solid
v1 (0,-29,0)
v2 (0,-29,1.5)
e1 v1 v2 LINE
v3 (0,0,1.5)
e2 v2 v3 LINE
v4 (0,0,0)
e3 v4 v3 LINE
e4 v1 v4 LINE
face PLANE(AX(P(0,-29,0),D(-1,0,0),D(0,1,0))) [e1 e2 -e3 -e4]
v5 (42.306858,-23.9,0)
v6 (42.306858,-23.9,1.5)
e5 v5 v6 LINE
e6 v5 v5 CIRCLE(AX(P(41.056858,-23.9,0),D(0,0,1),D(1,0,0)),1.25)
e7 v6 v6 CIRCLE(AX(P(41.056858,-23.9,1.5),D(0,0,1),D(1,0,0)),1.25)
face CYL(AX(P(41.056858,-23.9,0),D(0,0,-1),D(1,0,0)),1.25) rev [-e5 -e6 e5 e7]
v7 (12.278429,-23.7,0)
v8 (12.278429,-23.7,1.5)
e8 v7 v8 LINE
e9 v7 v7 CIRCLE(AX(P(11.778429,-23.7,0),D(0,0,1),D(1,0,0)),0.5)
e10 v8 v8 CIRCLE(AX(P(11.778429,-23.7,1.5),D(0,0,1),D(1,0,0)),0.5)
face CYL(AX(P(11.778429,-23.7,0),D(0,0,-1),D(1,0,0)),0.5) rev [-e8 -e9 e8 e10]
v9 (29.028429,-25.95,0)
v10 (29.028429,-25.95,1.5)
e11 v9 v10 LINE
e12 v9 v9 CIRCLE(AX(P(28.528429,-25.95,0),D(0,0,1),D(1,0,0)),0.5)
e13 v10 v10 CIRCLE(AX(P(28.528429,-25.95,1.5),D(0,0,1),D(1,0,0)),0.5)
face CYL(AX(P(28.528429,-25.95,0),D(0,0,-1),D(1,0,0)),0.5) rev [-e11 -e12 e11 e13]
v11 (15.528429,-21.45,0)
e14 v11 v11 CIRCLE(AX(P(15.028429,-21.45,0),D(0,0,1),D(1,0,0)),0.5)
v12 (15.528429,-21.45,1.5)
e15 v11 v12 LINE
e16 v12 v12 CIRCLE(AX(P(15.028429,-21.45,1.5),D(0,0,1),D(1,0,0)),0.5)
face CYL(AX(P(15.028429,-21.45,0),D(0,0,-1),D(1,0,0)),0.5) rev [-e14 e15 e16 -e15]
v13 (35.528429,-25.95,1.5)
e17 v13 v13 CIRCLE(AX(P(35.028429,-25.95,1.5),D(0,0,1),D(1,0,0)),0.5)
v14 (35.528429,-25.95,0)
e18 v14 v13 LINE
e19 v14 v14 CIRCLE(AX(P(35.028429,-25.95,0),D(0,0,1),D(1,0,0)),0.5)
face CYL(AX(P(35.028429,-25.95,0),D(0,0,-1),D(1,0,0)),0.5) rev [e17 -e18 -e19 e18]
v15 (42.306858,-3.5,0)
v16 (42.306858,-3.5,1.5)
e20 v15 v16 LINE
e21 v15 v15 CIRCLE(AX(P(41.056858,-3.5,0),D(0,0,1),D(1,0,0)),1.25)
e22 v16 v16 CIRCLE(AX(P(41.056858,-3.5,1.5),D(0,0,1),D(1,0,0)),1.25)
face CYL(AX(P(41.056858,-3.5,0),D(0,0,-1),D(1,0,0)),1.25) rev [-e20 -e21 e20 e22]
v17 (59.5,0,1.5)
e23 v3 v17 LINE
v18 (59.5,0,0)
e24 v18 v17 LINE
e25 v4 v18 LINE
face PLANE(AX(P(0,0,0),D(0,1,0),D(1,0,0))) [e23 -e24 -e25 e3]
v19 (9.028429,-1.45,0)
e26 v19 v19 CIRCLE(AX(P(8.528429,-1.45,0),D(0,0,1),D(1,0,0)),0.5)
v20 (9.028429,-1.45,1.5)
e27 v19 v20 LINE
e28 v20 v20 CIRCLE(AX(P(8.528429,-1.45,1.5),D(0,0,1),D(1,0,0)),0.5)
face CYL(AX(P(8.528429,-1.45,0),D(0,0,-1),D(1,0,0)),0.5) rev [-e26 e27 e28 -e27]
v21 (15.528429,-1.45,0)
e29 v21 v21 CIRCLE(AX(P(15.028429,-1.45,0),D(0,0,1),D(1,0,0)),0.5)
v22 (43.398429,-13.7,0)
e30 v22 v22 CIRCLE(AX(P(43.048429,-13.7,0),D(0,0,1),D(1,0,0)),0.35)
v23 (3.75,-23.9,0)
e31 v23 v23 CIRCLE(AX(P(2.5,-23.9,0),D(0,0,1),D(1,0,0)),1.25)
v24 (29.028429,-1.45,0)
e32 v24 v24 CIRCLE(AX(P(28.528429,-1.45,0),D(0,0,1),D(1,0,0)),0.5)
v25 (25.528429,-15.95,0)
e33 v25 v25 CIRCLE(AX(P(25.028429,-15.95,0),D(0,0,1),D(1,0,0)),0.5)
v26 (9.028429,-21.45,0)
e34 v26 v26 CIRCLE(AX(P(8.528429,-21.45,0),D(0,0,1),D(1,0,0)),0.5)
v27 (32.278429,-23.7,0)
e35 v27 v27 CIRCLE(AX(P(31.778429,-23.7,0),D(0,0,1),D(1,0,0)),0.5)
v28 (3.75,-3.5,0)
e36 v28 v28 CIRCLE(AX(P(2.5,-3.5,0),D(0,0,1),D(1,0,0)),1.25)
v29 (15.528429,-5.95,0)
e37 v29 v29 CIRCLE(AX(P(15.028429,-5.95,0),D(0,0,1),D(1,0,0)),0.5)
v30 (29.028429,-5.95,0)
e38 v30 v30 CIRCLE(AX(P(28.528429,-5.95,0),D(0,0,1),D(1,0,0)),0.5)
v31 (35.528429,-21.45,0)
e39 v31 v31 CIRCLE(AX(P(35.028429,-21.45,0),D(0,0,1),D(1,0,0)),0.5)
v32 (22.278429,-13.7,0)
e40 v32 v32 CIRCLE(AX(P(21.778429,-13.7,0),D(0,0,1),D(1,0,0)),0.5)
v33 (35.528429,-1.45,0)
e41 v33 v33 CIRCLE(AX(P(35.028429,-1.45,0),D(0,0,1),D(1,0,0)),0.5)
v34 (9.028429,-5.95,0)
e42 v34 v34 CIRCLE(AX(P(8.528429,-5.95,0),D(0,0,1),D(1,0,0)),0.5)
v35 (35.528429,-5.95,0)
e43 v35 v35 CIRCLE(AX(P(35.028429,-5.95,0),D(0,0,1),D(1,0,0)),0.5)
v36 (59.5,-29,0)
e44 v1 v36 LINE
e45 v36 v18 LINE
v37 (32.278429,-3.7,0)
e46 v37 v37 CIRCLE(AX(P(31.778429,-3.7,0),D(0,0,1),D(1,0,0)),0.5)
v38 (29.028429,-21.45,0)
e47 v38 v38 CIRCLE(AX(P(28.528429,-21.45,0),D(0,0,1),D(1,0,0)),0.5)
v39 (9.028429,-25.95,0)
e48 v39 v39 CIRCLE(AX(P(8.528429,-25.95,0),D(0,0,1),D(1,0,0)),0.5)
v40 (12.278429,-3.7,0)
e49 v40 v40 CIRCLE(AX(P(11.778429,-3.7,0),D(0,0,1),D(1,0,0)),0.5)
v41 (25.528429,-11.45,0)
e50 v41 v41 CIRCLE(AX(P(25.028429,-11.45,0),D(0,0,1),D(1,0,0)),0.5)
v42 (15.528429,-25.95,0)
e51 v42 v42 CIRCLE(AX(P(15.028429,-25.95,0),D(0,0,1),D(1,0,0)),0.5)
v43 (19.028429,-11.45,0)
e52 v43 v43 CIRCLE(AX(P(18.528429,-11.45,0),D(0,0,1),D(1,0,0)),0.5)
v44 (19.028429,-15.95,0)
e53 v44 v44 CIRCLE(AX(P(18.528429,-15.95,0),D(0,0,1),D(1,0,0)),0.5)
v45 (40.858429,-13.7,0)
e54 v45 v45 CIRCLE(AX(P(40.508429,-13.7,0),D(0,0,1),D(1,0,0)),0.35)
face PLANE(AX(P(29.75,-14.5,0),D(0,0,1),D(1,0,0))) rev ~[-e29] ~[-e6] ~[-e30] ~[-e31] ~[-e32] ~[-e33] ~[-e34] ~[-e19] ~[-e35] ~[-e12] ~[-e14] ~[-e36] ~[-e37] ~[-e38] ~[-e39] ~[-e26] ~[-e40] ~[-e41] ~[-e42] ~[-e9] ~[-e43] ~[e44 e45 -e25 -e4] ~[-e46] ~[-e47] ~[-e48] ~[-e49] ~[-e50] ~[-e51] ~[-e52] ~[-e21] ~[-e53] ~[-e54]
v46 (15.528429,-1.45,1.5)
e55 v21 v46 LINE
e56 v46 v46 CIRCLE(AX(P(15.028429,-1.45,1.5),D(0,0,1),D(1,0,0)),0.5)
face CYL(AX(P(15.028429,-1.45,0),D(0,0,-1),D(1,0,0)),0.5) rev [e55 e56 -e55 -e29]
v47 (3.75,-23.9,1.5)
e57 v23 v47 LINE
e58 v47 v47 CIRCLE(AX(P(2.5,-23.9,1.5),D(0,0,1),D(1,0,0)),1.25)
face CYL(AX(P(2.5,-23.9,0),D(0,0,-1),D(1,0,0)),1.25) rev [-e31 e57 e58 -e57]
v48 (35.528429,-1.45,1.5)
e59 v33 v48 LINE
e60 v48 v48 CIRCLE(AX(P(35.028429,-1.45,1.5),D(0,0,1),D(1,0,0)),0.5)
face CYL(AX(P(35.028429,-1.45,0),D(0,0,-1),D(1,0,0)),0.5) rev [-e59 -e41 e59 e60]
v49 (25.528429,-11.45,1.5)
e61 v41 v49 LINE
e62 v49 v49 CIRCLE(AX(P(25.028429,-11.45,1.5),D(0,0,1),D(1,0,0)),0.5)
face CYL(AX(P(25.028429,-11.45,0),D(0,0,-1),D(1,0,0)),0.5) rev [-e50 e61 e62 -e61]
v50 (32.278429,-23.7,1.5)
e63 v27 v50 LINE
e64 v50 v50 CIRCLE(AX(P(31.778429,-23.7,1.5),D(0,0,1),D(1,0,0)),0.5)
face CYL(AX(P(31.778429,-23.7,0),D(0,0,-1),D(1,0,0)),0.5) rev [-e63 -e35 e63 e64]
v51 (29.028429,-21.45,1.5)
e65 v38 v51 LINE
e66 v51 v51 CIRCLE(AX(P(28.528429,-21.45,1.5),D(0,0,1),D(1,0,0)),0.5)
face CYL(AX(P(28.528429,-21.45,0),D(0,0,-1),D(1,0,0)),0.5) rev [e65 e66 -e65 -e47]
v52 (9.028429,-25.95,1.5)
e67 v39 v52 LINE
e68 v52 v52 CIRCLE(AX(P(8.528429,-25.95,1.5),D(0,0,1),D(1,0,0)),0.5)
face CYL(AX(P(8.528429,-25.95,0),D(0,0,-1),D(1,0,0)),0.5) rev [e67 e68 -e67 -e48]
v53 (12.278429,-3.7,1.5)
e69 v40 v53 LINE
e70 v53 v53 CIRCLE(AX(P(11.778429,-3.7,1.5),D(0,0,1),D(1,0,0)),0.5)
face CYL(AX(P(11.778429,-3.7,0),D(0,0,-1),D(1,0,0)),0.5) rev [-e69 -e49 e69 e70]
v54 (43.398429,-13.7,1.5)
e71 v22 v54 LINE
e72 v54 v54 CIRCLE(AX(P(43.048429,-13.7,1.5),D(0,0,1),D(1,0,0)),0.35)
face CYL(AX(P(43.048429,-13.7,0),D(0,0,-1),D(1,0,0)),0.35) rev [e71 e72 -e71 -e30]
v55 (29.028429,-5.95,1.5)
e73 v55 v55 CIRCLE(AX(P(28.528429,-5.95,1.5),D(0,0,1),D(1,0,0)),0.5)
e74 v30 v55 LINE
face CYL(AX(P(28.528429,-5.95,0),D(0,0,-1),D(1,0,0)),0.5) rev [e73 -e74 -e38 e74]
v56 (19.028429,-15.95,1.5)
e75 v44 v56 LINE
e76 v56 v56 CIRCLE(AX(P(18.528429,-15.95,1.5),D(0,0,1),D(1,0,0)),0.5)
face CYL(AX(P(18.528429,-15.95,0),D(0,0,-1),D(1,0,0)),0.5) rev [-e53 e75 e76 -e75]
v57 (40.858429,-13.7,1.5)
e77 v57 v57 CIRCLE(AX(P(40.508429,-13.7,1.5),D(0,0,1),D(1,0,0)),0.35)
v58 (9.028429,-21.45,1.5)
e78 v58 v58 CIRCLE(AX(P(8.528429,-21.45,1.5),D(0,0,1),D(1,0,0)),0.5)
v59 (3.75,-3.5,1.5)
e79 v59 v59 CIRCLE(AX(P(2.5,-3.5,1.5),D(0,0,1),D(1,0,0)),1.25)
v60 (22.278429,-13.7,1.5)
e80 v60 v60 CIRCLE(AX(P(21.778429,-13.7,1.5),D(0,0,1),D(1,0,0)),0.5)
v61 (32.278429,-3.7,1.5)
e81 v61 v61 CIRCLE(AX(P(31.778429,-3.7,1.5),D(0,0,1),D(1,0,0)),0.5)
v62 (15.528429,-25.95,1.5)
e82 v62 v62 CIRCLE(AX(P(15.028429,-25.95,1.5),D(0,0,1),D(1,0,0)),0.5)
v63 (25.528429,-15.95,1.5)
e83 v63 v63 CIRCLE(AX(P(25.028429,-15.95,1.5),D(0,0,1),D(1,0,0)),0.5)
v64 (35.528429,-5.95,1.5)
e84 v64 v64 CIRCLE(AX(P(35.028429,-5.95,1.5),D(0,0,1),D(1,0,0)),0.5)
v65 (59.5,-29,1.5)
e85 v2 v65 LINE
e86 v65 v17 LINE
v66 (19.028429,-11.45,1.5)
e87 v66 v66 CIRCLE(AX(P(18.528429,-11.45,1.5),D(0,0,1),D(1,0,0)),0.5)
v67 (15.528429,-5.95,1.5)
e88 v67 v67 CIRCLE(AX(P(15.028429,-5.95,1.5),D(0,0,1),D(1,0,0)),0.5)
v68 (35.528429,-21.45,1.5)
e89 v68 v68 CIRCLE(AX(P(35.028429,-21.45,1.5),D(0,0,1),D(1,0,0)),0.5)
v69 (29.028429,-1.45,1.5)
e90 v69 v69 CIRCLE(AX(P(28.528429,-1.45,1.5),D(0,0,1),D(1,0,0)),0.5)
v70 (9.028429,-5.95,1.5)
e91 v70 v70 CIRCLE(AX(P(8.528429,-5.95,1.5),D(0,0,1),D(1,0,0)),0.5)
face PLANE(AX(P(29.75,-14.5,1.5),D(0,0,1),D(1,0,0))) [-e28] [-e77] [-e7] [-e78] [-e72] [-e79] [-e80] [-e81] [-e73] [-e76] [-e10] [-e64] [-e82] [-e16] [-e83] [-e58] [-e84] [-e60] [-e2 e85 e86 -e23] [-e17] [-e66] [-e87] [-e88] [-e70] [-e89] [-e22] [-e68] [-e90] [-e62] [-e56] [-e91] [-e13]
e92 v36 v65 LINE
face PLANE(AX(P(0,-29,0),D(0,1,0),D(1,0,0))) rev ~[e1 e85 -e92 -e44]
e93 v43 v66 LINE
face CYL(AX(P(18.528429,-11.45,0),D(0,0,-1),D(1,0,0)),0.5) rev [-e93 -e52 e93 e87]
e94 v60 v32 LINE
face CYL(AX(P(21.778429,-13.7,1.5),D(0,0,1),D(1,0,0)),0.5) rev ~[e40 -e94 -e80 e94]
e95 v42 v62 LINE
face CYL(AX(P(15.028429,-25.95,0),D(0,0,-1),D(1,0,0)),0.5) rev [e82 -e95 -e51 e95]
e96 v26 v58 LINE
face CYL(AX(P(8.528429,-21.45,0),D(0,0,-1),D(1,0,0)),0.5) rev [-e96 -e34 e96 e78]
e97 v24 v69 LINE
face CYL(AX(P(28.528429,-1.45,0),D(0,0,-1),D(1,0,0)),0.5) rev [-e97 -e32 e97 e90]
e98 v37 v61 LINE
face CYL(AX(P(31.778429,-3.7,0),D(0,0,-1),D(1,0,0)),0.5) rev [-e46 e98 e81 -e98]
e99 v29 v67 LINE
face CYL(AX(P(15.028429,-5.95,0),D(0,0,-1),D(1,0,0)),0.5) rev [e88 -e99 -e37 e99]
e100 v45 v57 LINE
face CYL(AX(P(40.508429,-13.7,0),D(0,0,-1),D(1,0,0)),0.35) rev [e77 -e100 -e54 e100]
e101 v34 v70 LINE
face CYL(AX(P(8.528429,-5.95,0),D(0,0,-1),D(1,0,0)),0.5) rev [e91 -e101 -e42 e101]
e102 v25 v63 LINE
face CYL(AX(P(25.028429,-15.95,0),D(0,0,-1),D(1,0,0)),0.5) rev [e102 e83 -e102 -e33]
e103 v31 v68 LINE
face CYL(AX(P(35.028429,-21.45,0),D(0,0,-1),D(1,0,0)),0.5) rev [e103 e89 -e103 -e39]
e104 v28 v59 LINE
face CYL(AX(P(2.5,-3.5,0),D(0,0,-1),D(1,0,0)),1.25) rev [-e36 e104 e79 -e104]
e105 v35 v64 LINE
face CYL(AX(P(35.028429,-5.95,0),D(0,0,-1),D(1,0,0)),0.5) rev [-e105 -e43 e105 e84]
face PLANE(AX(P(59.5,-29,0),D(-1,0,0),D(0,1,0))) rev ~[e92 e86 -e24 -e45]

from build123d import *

# Parameters (mm, degrees)
F0_W     = 59.5
F0_H     = 29
F0_R     = 0.5
F0_R_2   = 1.25
F0_R_3   = 0.35
F1_DEPTH = 1.5
F2_R     = 0.5
F3_DEPTH = 2


with BuildPart() as f1:
    # F0 (on Top) → F1 (new body)
    with BuildSketch(Plane.XY):
        with Locations((29.75, -14.5)):
            Rectangle(F0_W, F0_H)
        with Locations((8.528429, -25.95)):
            Circle(F0_R, mode=Mode.SUBTRACT)
        with Locations((2.5, -23.9)):
            Circle(F0_R_2, mode=Mode.SUBTRACT)
        with Locations((11.778429, -23.7)):
            Circle(F0_R, mode=Mode.SUBTRACT)
        with Locations((15.028429, -25.95)):
            Circle(F0_R, mode=Mode.SUBTRACT)
        with Locations((28.528429, -25.95)):
            Circle(F0_R, mode=Mode.SUBTRACT)
        with Locations((8.528429, -21.45)):
            Circle(F0_R, mode=Mode.SUBTRACT)
        with Locations((15.028429, -21.45)):
            Circle(F0_R, mode=Mode.SUBTRACT)
        with Locations((28.528429, -21.45)):
            Circle(F0_R, mode=Mode.SUBTRACT)
        with Locations((18.528429, -15.95)):
            Circle(F0_R, mode=Mode.SUBTRACT)
        with Locations((25.028429, -15.95)):
            Circle(F0_R, mode=Mode.SUBTRACT)
        with Locations((35.028429, -25.95)):
            Circle(F0_R, mode=Mode.SUBTRACT)
        with Locations((31.778429, -23.7)):
            Circle(F0_R, mode=Mode.SUBTRACT)
        with Locations((41.056858, -23.9)):
            Circle(F0_R_2, mode=Mode.SUBTRACT)
        with Locations((35.028429, -21.45)):
            Circle(F0_R, mode=Mode.SUBTRACT)
        with Locations((18.528429, -11.45)):
            Circle(F0_R, mode=Mode.SUBTRACT)
        with Locations((25.028429, -11.45)):
            Circle(F0_R, mode=Mode.SUBTRACT)
        with Locations((8.528429, -5.95)):
            Circle(F0_R, mode=Mode.SUBTRACT)
        with Locations((11.778429, -3.7)):
            Circle(F0_R, mode=Mode.SUBTRACT)
        with Locations((2.5, -3.5)):
            Circle(F0_R_2, mode=Mode.SUBTRACT)
        with Locations((8.528429, -1.45)):
            Circle(F0_R, mode=Mode.SUBTRACT)
        with Locations((15.028429, -5.95)):
            Circle(F0_R, mode=Mode.SUBTRACT)
        with Locations((28.528429, -5.95)):
            Circle(F0_R, mode=Mode.SUBTRACT)
        with Locations((15.028429, -1.45)):
            Circle(F0_R, mode=Mode.SUBTRACT)
        with Locations((28.528429, -1.45)):
            Circle(F0_R, mode=Mode.SUBTRACT)
        with Locations((40.508429, -13.7)):
            Circle(F0_R_3, mode=Mode.SUBTRACT)
        with Locations((43.048429, -13.7)):
            Circle(F0_R_3, mode=Mode.SUBTRACT)
        with Locations((35.028429, -5.95)):
            Circle(F0_R, mode=Mode.SUBTRACT)
        with Locations((31.778429, -3.7)):
            Circle(F0_R, mode=Mode.SUBTRACT)
        with Locations((35.028429, -1.45)):
            Circle(F0_R, mode=Mode.SUBTRACT)
        with Locations((41.056858, -3.5)):
            Circle(F0_R_2, mode=Mode.SUBTRACT)
    extrude(amount=F1_DEPTH)

    # F2 (on face) → F3 (cut)
    with BuildSketch(Plane.XY.offset(1.5)):
        with Locations((21.778429, -13.7)):
            Circle(F2_R)
    extrude(amount=-F3_DEPTH, mode=Mode.SUBTRACT)


solid = f1.part
